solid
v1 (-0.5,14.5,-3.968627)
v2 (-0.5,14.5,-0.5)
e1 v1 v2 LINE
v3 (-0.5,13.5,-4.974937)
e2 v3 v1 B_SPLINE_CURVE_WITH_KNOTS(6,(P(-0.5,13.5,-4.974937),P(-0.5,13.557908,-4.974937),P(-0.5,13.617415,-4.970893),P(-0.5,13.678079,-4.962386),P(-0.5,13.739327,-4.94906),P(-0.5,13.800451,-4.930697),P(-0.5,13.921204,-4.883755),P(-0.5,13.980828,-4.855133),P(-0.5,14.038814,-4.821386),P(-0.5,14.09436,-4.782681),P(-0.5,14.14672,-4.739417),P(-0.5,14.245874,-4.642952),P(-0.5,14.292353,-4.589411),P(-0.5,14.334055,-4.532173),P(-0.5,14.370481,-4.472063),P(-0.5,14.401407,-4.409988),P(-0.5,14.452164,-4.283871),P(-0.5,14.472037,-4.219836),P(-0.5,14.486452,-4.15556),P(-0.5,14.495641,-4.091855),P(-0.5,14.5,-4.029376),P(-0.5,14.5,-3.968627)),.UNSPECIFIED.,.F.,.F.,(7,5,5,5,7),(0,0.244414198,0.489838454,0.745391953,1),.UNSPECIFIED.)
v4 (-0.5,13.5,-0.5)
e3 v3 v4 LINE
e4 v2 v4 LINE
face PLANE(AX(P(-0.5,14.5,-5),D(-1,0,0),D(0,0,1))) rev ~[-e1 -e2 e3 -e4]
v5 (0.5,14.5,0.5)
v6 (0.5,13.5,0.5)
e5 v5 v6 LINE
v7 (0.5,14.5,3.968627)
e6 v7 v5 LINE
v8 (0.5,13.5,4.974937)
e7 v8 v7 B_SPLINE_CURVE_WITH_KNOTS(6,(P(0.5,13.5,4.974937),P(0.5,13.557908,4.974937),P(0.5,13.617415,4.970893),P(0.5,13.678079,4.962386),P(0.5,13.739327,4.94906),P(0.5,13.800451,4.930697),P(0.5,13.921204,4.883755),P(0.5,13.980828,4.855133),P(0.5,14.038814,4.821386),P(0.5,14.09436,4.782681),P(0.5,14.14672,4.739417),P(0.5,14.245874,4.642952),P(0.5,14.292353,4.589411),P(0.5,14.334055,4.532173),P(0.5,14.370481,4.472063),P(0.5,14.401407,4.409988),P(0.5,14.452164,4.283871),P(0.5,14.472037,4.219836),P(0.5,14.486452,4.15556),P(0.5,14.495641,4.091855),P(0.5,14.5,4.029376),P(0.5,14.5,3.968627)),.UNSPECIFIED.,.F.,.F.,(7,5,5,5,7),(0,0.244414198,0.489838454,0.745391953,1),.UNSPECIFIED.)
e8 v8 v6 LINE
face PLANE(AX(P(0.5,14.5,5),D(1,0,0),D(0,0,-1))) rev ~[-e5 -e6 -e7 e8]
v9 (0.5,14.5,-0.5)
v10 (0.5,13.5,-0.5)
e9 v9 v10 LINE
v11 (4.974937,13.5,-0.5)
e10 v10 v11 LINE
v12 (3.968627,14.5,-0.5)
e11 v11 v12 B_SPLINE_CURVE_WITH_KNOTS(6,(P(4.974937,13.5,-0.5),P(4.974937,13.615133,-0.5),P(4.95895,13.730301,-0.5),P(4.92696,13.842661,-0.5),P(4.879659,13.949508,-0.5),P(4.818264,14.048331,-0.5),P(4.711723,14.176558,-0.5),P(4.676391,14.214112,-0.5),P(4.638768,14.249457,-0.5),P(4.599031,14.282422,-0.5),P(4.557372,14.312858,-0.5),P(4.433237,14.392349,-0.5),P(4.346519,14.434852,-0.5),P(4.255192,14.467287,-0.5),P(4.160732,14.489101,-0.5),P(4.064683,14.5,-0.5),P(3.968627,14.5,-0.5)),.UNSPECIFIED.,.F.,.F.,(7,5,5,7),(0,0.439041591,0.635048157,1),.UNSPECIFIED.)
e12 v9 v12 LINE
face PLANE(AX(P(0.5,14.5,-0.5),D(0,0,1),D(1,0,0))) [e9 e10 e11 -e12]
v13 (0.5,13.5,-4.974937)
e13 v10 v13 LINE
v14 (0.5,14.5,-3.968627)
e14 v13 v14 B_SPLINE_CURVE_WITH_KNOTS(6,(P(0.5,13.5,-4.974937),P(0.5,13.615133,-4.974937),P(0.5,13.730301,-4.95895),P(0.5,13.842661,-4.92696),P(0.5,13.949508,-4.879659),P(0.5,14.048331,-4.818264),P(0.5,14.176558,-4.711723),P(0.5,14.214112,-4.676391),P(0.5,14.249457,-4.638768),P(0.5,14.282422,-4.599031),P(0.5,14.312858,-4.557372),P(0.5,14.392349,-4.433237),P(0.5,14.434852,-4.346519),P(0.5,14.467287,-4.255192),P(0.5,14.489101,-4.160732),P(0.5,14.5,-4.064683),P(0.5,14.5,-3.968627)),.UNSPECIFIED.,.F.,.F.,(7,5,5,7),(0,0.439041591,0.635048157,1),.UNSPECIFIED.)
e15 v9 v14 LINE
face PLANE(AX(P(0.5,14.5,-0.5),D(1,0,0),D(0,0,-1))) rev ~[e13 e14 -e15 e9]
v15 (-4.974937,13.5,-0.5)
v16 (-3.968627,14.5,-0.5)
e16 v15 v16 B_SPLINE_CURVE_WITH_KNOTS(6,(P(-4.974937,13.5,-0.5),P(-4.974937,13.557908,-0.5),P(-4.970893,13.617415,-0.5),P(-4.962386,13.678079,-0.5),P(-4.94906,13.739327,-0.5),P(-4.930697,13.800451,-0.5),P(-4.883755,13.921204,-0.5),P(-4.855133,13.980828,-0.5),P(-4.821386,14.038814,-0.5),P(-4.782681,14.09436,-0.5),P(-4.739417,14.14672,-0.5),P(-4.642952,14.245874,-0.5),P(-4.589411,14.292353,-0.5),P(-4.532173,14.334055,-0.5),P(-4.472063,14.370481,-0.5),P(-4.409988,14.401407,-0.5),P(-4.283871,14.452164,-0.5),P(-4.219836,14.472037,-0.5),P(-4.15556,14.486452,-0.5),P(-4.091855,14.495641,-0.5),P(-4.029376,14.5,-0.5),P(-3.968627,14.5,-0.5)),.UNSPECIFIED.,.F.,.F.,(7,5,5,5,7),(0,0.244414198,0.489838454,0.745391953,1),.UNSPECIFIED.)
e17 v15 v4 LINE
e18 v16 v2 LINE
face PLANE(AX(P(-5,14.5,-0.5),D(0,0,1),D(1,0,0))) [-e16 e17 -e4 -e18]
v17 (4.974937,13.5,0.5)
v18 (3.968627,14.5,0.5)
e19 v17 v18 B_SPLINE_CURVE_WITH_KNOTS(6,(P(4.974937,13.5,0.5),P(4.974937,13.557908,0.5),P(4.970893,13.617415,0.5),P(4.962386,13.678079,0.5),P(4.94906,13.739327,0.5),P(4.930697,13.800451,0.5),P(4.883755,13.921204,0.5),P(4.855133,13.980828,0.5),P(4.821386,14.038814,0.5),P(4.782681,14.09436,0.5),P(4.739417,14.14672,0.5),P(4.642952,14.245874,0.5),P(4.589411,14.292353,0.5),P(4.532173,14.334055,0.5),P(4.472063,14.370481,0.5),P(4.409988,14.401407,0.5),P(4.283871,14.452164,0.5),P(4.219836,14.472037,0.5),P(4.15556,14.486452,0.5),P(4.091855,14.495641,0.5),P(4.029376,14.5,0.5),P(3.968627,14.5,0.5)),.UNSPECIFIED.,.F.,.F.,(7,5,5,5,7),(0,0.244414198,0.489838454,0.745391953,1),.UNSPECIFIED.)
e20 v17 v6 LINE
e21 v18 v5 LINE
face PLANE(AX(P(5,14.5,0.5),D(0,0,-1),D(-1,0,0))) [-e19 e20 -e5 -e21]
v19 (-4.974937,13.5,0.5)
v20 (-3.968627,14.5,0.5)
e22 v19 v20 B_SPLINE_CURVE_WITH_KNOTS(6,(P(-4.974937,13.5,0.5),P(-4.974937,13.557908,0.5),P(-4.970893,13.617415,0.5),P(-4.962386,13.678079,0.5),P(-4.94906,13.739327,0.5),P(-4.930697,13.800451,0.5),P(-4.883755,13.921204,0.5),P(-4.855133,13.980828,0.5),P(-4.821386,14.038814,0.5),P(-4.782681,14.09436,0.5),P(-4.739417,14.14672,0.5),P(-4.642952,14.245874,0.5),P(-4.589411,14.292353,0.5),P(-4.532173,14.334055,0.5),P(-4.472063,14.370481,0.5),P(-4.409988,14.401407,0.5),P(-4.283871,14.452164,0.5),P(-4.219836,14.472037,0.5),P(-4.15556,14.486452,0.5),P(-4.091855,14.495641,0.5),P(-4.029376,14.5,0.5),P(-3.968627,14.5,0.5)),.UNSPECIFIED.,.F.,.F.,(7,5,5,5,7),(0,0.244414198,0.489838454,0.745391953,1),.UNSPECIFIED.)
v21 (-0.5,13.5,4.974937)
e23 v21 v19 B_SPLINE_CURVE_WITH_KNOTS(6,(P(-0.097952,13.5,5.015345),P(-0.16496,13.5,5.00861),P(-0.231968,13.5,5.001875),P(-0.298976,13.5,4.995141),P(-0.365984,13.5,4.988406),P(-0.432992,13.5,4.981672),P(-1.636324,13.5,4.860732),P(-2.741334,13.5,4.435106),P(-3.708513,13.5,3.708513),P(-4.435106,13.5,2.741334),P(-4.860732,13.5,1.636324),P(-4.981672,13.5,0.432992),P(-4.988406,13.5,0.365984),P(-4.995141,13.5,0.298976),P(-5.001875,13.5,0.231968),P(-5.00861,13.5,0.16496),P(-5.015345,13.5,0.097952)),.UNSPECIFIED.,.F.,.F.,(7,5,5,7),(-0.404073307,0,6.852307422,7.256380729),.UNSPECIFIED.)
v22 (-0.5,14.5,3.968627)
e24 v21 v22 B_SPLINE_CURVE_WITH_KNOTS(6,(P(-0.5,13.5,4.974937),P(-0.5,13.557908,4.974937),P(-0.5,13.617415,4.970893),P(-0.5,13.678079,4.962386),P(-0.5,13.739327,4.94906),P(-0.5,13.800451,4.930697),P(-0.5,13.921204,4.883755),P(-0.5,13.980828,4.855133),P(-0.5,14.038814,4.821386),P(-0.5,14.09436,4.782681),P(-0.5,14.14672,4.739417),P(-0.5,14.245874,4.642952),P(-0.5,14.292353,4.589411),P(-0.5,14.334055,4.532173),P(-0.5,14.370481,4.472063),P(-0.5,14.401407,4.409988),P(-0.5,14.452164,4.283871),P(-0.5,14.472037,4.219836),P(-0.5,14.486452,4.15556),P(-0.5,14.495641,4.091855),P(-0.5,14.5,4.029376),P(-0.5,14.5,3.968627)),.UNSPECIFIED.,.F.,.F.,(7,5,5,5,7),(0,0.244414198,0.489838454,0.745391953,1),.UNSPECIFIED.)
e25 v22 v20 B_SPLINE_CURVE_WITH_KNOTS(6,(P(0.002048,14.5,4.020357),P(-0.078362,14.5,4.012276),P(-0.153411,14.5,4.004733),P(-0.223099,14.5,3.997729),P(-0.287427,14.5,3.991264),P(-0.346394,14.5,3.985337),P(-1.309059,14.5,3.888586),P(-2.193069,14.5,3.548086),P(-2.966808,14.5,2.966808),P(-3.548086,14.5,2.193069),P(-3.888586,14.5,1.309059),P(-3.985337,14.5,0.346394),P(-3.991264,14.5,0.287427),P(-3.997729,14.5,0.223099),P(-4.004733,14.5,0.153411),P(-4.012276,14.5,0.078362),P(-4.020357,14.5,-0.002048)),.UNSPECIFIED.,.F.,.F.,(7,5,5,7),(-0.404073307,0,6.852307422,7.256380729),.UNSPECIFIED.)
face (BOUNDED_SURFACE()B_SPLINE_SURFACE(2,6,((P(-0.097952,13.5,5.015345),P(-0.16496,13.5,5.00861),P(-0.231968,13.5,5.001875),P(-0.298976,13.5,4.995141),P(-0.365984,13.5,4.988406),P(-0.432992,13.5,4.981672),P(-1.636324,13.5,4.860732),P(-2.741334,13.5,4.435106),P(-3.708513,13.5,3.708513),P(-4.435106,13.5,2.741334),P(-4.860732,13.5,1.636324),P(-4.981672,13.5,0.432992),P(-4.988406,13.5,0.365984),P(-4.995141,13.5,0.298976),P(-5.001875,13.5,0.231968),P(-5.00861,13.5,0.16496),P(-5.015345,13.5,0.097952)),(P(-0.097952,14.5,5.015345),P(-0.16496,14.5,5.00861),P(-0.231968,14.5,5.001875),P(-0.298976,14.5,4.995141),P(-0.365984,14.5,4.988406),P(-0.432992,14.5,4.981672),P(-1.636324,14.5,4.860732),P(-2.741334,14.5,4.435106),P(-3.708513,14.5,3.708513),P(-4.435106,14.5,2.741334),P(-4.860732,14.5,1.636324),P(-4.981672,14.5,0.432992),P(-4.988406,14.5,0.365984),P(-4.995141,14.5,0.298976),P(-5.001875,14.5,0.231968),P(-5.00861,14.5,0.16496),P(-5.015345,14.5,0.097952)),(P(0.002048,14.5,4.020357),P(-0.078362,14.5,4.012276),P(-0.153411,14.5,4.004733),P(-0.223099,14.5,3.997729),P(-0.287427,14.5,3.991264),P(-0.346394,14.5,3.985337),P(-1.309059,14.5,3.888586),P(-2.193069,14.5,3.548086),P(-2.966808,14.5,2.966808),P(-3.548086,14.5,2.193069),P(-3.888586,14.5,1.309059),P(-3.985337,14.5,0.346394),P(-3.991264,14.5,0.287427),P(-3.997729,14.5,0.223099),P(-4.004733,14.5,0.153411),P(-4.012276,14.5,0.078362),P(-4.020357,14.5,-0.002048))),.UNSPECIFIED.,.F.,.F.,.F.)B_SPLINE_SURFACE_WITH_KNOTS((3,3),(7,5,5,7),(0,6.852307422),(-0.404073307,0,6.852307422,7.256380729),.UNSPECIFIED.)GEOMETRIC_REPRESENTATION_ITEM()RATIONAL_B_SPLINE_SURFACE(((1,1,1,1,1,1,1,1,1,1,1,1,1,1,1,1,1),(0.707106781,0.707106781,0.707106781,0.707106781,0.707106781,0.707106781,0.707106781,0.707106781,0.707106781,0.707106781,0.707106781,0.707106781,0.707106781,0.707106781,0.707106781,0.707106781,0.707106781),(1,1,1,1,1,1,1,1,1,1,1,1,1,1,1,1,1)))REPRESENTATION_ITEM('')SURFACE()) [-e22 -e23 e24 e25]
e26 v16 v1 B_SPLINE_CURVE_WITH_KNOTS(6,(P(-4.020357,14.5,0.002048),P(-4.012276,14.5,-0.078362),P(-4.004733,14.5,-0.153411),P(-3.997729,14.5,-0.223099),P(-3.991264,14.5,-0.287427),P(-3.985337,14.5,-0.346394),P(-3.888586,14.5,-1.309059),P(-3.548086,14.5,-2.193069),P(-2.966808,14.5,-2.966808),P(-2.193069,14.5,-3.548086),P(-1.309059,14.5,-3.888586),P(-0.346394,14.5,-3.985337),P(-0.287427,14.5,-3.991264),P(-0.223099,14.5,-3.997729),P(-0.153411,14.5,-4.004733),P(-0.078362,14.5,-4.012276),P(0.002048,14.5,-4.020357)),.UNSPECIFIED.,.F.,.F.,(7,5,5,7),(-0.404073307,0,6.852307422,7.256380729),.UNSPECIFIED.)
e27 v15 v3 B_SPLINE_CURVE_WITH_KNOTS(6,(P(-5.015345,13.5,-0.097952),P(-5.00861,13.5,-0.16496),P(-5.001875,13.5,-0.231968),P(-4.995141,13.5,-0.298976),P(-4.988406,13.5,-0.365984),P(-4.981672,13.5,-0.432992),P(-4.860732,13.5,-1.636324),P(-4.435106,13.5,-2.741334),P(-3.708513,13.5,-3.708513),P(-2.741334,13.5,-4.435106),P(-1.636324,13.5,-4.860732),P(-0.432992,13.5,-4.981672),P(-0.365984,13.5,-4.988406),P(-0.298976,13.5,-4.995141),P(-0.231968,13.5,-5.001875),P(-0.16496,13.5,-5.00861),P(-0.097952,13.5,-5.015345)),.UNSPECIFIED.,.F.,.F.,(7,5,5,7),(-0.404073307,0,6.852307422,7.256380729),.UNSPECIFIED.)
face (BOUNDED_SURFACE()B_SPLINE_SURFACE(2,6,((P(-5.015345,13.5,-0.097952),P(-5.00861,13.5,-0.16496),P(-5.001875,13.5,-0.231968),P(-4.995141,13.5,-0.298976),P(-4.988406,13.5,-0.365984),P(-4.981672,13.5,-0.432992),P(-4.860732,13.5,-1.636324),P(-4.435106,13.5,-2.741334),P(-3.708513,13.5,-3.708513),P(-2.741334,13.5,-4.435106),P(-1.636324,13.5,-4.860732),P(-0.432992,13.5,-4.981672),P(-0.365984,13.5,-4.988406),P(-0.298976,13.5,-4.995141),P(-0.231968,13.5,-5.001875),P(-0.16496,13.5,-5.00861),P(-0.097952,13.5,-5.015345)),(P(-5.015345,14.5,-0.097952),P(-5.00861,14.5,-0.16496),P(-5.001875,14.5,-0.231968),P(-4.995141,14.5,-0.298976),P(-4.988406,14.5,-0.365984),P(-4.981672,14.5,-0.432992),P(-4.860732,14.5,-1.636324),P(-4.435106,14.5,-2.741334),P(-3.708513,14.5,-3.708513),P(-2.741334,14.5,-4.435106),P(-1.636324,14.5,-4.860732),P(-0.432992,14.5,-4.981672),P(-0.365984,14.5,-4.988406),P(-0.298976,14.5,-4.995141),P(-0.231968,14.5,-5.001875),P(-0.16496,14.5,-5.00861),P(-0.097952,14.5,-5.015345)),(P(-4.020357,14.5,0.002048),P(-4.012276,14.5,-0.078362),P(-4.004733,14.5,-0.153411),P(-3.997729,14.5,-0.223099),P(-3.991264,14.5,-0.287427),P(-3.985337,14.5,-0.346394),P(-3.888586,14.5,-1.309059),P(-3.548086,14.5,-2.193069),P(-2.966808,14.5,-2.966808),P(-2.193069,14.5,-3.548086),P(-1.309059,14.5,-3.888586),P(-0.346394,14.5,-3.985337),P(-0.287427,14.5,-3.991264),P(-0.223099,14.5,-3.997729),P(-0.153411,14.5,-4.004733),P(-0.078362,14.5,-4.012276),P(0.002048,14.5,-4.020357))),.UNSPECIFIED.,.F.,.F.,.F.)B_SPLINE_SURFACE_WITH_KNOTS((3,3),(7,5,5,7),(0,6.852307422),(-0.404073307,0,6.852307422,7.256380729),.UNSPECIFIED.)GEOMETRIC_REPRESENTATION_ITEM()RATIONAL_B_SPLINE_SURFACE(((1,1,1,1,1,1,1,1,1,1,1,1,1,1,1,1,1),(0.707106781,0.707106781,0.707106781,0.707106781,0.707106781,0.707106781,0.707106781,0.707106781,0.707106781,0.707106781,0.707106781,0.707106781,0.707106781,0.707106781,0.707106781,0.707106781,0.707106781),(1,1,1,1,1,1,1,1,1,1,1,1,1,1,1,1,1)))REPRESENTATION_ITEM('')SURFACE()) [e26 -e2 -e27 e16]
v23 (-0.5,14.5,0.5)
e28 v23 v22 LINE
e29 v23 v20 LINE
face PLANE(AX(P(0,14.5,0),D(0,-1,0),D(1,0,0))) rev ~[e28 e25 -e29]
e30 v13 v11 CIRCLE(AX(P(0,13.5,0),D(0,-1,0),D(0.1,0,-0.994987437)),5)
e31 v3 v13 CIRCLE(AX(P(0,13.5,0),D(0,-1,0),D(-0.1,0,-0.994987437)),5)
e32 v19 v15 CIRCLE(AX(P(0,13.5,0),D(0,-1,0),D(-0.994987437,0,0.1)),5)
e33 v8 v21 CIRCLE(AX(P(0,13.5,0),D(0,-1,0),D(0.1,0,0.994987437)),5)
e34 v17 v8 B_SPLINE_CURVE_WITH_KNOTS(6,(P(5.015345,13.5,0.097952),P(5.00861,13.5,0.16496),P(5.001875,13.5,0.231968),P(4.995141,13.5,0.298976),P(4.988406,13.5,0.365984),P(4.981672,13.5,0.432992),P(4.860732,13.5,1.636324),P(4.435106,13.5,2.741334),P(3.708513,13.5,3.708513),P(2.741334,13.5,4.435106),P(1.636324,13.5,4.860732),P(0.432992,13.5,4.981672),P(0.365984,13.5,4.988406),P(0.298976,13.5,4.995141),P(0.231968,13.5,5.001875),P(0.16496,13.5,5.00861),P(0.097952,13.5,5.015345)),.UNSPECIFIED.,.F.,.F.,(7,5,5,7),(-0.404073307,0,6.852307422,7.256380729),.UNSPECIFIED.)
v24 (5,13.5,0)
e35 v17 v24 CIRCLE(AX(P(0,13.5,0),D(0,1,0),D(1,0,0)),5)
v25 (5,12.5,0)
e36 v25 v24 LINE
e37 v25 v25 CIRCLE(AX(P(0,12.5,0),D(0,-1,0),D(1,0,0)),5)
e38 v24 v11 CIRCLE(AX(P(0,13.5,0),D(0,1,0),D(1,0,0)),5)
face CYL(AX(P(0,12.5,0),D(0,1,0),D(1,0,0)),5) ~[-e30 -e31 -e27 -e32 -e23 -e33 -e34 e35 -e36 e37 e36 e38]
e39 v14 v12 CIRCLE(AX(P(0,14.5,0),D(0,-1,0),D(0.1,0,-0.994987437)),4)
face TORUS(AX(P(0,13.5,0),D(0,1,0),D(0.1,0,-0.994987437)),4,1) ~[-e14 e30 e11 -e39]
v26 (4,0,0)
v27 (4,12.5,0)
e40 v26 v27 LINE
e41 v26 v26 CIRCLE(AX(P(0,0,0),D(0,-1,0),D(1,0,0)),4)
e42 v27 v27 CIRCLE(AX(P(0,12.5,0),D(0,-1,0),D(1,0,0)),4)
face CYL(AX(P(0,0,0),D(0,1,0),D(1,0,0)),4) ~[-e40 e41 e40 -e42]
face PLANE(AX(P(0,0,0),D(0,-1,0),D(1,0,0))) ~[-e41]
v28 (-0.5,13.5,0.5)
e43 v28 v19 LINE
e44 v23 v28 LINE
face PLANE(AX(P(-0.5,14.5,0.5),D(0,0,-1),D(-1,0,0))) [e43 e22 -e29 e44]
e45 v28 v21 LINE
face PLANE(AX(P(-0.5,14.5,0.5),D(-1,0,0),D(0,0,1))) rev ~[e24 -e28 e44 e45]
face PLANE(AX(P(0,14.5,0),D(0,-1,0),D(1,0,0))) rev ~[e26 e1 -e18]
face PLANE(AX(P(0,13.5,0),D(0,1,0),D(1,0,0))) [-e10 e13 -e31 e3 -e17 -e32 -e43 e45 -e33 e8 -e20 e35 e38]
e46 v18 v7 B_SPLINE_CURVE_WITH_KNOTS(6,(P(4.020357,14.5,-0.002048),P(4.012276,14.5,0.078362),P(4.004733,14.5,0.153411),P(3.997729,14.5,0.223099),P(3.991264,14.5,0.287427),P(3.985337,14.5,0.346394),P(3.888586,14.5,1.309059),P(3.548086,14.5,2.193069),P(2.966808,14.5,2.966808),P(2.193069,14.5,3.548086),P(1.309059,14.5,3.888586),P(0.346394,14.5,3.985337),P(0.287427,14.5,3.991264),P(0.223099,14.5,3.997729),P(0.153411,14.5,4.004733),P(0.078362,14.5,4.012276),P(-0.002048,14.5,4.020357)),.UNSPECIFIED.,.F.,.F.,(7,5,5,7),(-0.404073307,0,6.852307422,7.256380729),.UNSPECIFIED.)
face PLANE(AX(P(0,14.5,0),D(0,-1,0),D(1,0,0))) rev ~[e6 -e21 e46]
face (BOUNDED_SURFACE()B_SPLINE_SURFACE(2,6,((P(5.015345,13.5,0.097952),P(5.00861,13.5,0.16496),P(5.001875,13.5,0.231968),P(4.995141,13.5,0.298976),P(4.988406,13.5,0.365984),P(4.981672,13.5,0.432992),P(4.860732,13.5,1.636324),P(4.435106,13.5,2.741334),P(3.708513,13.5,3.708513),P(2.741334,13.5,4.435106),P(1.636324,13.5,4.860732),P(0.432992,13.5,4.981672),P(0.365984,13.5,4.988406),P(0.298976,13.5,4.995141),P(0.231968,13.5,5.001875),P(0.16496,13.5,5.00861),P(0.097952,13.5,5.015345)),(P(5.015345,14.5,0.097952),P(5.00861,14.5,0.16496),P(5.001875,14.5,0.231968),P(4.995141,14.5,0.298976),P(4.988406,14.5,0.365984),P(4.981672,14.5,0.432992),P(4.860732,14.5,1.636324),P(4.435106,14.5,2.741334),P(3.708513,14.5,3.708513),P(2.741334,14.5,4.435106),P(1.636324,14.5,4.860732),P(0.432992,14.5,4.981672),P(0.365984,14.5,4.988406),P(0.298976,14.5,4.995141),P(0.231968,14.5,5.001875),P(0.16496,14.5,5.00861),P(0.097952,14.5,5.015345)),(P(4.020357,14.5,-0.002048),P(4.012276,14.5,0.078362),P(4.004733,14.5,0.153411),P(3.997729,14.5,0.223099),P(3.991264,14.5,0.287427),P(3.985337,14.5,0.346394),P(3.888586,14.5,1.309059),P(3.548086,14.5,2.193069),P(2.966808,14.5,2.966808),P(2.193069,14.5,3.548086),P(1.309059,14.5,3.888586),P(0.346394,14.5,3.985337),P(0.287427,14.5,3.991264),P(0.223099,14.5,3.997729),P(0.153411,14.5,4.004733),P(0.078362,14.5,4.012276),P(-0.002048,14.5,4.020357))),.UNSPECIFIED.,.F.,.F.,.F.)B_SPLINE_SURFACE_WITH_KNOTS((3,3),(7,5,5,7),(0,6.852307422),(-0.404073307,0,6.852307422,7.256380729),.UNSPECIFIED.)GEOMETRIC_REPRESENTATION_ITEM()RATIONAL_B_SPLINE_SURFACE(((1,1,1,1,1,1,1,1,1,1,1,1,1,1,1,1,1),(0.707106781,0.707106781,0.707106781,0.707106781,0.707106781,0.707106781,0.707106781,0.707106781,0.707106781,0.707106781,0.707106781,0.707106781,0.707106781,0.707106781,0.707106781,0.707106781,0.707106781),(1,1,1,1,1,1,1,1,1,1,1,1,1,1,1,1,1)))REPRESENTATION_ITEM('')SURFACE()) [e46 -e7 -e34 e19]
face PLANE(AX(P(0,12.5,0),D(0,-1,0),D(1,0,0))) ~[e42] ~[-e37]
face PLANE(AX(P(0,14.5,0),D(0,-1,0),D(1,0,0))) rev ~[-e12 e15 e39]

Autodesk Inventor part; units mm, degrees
ref_plane "YZ Plane" through (0, 0, 0) normal (1, 0, 0) x (0, 1, 0)
ref_plane "XZ Plane" through (0, 0, 0) normal (0, 1, 0) x (-1, 0, 0)
ref_plane "XY Plane" through (0, 0, 0) normal (0, 0, 1) x (1, 0, 0)
sketch "Boceto1" plane through (0, 0, 0) normal (0, 0, 1) x (1, 0, 0)
  line L0 (0, 0) -> (4, 0)
  line L1 (4, 0) -> (4, 12.5)
  line L2 (4, 12.5) -> (0, 12.5)
  line L3 (0, 12.5) -> (0, 0)
  line L4 (0, 12.5) -> (5, 12.5)
  line L5 (5, 12.5) -> (5, 14.5)
  line L6 (5, 14.5) -> (0, 14.5)
  line L7 (0, 14.5) -> (0, 12.5)
  point P0 (4, 12.5)
  dimension "d0" = 4
  dimension "d1" = 12.5
  dimension "d2" = 5
  dimension "d3" = 2
revolve "Revolución1" add sketch "Boceto1" angle 360 about axis through (0, 12.5, 0) along (0, -1, 0)
thread "Rosca1" size "M8x1.25" class "6g" standard "ANSI Metric M Profile" full length
sketch "Boceto2" plane through (0, 14.5, 0) normal (0, 1, 0) x (1, 0, 0)
  line L0 (-0.5, -5) -> (0.5, -5)
  line L1 (0.5, -5) -> (0.5, 5)
  line L2 (0.5, 5) -> (-0.5, 5)
  line L3 (-0.5, 5) -> (-0.5, -5)
  line L4 (5, -0.5) -> (-5, -0.5)
  line L5 (-5, -0.5) -> (-5, 0.5)
  line L6 (-5, 0.5) -> (5, 0.5)
  line L7 (5, 0.5) -> (5, -0.5)
  point P0 (0, 0)
  point P1 (0.5, 0.5)
  point P2 (0.5, -0.5)
  point P3 (-0.5, -0.5)
  point P4 (-0.5, 0.5)
  dimension "d7" = 1
  dimension "d8" = 1
  dimension "d9" = 10
  dimension "d10" = 10
  dimension "d11" = 0.5
  dimension "d12" = 0.5
  dimension "d13" = 5
  dimension "d14" = 5
extrude "Extrusión1" cut sketch "Boceto2" against normal blind 1
fillet "Empalme1" radius 1 1 edges at (3.5355, 14.5, -3.5355)
fillet "Empalme2" radius 1 3 edges at (-3.5355, 14.5, -3.5355) (-3.5355, 14.5, 3.5355) (3.5355, 14.5, 3.5355)
equation "\"d8\" = d7"
equation "\"d10\" = d9"
equation "\"d11\" = 0.5 * d7"
equation "\"d12\" = 0.5 * d7"
equation "\"d13\" = 0.5 * d9"
equation "\"d14\" = 0.5 * d9"
properties part number "Tornillo" material "Acero inoxidable"
